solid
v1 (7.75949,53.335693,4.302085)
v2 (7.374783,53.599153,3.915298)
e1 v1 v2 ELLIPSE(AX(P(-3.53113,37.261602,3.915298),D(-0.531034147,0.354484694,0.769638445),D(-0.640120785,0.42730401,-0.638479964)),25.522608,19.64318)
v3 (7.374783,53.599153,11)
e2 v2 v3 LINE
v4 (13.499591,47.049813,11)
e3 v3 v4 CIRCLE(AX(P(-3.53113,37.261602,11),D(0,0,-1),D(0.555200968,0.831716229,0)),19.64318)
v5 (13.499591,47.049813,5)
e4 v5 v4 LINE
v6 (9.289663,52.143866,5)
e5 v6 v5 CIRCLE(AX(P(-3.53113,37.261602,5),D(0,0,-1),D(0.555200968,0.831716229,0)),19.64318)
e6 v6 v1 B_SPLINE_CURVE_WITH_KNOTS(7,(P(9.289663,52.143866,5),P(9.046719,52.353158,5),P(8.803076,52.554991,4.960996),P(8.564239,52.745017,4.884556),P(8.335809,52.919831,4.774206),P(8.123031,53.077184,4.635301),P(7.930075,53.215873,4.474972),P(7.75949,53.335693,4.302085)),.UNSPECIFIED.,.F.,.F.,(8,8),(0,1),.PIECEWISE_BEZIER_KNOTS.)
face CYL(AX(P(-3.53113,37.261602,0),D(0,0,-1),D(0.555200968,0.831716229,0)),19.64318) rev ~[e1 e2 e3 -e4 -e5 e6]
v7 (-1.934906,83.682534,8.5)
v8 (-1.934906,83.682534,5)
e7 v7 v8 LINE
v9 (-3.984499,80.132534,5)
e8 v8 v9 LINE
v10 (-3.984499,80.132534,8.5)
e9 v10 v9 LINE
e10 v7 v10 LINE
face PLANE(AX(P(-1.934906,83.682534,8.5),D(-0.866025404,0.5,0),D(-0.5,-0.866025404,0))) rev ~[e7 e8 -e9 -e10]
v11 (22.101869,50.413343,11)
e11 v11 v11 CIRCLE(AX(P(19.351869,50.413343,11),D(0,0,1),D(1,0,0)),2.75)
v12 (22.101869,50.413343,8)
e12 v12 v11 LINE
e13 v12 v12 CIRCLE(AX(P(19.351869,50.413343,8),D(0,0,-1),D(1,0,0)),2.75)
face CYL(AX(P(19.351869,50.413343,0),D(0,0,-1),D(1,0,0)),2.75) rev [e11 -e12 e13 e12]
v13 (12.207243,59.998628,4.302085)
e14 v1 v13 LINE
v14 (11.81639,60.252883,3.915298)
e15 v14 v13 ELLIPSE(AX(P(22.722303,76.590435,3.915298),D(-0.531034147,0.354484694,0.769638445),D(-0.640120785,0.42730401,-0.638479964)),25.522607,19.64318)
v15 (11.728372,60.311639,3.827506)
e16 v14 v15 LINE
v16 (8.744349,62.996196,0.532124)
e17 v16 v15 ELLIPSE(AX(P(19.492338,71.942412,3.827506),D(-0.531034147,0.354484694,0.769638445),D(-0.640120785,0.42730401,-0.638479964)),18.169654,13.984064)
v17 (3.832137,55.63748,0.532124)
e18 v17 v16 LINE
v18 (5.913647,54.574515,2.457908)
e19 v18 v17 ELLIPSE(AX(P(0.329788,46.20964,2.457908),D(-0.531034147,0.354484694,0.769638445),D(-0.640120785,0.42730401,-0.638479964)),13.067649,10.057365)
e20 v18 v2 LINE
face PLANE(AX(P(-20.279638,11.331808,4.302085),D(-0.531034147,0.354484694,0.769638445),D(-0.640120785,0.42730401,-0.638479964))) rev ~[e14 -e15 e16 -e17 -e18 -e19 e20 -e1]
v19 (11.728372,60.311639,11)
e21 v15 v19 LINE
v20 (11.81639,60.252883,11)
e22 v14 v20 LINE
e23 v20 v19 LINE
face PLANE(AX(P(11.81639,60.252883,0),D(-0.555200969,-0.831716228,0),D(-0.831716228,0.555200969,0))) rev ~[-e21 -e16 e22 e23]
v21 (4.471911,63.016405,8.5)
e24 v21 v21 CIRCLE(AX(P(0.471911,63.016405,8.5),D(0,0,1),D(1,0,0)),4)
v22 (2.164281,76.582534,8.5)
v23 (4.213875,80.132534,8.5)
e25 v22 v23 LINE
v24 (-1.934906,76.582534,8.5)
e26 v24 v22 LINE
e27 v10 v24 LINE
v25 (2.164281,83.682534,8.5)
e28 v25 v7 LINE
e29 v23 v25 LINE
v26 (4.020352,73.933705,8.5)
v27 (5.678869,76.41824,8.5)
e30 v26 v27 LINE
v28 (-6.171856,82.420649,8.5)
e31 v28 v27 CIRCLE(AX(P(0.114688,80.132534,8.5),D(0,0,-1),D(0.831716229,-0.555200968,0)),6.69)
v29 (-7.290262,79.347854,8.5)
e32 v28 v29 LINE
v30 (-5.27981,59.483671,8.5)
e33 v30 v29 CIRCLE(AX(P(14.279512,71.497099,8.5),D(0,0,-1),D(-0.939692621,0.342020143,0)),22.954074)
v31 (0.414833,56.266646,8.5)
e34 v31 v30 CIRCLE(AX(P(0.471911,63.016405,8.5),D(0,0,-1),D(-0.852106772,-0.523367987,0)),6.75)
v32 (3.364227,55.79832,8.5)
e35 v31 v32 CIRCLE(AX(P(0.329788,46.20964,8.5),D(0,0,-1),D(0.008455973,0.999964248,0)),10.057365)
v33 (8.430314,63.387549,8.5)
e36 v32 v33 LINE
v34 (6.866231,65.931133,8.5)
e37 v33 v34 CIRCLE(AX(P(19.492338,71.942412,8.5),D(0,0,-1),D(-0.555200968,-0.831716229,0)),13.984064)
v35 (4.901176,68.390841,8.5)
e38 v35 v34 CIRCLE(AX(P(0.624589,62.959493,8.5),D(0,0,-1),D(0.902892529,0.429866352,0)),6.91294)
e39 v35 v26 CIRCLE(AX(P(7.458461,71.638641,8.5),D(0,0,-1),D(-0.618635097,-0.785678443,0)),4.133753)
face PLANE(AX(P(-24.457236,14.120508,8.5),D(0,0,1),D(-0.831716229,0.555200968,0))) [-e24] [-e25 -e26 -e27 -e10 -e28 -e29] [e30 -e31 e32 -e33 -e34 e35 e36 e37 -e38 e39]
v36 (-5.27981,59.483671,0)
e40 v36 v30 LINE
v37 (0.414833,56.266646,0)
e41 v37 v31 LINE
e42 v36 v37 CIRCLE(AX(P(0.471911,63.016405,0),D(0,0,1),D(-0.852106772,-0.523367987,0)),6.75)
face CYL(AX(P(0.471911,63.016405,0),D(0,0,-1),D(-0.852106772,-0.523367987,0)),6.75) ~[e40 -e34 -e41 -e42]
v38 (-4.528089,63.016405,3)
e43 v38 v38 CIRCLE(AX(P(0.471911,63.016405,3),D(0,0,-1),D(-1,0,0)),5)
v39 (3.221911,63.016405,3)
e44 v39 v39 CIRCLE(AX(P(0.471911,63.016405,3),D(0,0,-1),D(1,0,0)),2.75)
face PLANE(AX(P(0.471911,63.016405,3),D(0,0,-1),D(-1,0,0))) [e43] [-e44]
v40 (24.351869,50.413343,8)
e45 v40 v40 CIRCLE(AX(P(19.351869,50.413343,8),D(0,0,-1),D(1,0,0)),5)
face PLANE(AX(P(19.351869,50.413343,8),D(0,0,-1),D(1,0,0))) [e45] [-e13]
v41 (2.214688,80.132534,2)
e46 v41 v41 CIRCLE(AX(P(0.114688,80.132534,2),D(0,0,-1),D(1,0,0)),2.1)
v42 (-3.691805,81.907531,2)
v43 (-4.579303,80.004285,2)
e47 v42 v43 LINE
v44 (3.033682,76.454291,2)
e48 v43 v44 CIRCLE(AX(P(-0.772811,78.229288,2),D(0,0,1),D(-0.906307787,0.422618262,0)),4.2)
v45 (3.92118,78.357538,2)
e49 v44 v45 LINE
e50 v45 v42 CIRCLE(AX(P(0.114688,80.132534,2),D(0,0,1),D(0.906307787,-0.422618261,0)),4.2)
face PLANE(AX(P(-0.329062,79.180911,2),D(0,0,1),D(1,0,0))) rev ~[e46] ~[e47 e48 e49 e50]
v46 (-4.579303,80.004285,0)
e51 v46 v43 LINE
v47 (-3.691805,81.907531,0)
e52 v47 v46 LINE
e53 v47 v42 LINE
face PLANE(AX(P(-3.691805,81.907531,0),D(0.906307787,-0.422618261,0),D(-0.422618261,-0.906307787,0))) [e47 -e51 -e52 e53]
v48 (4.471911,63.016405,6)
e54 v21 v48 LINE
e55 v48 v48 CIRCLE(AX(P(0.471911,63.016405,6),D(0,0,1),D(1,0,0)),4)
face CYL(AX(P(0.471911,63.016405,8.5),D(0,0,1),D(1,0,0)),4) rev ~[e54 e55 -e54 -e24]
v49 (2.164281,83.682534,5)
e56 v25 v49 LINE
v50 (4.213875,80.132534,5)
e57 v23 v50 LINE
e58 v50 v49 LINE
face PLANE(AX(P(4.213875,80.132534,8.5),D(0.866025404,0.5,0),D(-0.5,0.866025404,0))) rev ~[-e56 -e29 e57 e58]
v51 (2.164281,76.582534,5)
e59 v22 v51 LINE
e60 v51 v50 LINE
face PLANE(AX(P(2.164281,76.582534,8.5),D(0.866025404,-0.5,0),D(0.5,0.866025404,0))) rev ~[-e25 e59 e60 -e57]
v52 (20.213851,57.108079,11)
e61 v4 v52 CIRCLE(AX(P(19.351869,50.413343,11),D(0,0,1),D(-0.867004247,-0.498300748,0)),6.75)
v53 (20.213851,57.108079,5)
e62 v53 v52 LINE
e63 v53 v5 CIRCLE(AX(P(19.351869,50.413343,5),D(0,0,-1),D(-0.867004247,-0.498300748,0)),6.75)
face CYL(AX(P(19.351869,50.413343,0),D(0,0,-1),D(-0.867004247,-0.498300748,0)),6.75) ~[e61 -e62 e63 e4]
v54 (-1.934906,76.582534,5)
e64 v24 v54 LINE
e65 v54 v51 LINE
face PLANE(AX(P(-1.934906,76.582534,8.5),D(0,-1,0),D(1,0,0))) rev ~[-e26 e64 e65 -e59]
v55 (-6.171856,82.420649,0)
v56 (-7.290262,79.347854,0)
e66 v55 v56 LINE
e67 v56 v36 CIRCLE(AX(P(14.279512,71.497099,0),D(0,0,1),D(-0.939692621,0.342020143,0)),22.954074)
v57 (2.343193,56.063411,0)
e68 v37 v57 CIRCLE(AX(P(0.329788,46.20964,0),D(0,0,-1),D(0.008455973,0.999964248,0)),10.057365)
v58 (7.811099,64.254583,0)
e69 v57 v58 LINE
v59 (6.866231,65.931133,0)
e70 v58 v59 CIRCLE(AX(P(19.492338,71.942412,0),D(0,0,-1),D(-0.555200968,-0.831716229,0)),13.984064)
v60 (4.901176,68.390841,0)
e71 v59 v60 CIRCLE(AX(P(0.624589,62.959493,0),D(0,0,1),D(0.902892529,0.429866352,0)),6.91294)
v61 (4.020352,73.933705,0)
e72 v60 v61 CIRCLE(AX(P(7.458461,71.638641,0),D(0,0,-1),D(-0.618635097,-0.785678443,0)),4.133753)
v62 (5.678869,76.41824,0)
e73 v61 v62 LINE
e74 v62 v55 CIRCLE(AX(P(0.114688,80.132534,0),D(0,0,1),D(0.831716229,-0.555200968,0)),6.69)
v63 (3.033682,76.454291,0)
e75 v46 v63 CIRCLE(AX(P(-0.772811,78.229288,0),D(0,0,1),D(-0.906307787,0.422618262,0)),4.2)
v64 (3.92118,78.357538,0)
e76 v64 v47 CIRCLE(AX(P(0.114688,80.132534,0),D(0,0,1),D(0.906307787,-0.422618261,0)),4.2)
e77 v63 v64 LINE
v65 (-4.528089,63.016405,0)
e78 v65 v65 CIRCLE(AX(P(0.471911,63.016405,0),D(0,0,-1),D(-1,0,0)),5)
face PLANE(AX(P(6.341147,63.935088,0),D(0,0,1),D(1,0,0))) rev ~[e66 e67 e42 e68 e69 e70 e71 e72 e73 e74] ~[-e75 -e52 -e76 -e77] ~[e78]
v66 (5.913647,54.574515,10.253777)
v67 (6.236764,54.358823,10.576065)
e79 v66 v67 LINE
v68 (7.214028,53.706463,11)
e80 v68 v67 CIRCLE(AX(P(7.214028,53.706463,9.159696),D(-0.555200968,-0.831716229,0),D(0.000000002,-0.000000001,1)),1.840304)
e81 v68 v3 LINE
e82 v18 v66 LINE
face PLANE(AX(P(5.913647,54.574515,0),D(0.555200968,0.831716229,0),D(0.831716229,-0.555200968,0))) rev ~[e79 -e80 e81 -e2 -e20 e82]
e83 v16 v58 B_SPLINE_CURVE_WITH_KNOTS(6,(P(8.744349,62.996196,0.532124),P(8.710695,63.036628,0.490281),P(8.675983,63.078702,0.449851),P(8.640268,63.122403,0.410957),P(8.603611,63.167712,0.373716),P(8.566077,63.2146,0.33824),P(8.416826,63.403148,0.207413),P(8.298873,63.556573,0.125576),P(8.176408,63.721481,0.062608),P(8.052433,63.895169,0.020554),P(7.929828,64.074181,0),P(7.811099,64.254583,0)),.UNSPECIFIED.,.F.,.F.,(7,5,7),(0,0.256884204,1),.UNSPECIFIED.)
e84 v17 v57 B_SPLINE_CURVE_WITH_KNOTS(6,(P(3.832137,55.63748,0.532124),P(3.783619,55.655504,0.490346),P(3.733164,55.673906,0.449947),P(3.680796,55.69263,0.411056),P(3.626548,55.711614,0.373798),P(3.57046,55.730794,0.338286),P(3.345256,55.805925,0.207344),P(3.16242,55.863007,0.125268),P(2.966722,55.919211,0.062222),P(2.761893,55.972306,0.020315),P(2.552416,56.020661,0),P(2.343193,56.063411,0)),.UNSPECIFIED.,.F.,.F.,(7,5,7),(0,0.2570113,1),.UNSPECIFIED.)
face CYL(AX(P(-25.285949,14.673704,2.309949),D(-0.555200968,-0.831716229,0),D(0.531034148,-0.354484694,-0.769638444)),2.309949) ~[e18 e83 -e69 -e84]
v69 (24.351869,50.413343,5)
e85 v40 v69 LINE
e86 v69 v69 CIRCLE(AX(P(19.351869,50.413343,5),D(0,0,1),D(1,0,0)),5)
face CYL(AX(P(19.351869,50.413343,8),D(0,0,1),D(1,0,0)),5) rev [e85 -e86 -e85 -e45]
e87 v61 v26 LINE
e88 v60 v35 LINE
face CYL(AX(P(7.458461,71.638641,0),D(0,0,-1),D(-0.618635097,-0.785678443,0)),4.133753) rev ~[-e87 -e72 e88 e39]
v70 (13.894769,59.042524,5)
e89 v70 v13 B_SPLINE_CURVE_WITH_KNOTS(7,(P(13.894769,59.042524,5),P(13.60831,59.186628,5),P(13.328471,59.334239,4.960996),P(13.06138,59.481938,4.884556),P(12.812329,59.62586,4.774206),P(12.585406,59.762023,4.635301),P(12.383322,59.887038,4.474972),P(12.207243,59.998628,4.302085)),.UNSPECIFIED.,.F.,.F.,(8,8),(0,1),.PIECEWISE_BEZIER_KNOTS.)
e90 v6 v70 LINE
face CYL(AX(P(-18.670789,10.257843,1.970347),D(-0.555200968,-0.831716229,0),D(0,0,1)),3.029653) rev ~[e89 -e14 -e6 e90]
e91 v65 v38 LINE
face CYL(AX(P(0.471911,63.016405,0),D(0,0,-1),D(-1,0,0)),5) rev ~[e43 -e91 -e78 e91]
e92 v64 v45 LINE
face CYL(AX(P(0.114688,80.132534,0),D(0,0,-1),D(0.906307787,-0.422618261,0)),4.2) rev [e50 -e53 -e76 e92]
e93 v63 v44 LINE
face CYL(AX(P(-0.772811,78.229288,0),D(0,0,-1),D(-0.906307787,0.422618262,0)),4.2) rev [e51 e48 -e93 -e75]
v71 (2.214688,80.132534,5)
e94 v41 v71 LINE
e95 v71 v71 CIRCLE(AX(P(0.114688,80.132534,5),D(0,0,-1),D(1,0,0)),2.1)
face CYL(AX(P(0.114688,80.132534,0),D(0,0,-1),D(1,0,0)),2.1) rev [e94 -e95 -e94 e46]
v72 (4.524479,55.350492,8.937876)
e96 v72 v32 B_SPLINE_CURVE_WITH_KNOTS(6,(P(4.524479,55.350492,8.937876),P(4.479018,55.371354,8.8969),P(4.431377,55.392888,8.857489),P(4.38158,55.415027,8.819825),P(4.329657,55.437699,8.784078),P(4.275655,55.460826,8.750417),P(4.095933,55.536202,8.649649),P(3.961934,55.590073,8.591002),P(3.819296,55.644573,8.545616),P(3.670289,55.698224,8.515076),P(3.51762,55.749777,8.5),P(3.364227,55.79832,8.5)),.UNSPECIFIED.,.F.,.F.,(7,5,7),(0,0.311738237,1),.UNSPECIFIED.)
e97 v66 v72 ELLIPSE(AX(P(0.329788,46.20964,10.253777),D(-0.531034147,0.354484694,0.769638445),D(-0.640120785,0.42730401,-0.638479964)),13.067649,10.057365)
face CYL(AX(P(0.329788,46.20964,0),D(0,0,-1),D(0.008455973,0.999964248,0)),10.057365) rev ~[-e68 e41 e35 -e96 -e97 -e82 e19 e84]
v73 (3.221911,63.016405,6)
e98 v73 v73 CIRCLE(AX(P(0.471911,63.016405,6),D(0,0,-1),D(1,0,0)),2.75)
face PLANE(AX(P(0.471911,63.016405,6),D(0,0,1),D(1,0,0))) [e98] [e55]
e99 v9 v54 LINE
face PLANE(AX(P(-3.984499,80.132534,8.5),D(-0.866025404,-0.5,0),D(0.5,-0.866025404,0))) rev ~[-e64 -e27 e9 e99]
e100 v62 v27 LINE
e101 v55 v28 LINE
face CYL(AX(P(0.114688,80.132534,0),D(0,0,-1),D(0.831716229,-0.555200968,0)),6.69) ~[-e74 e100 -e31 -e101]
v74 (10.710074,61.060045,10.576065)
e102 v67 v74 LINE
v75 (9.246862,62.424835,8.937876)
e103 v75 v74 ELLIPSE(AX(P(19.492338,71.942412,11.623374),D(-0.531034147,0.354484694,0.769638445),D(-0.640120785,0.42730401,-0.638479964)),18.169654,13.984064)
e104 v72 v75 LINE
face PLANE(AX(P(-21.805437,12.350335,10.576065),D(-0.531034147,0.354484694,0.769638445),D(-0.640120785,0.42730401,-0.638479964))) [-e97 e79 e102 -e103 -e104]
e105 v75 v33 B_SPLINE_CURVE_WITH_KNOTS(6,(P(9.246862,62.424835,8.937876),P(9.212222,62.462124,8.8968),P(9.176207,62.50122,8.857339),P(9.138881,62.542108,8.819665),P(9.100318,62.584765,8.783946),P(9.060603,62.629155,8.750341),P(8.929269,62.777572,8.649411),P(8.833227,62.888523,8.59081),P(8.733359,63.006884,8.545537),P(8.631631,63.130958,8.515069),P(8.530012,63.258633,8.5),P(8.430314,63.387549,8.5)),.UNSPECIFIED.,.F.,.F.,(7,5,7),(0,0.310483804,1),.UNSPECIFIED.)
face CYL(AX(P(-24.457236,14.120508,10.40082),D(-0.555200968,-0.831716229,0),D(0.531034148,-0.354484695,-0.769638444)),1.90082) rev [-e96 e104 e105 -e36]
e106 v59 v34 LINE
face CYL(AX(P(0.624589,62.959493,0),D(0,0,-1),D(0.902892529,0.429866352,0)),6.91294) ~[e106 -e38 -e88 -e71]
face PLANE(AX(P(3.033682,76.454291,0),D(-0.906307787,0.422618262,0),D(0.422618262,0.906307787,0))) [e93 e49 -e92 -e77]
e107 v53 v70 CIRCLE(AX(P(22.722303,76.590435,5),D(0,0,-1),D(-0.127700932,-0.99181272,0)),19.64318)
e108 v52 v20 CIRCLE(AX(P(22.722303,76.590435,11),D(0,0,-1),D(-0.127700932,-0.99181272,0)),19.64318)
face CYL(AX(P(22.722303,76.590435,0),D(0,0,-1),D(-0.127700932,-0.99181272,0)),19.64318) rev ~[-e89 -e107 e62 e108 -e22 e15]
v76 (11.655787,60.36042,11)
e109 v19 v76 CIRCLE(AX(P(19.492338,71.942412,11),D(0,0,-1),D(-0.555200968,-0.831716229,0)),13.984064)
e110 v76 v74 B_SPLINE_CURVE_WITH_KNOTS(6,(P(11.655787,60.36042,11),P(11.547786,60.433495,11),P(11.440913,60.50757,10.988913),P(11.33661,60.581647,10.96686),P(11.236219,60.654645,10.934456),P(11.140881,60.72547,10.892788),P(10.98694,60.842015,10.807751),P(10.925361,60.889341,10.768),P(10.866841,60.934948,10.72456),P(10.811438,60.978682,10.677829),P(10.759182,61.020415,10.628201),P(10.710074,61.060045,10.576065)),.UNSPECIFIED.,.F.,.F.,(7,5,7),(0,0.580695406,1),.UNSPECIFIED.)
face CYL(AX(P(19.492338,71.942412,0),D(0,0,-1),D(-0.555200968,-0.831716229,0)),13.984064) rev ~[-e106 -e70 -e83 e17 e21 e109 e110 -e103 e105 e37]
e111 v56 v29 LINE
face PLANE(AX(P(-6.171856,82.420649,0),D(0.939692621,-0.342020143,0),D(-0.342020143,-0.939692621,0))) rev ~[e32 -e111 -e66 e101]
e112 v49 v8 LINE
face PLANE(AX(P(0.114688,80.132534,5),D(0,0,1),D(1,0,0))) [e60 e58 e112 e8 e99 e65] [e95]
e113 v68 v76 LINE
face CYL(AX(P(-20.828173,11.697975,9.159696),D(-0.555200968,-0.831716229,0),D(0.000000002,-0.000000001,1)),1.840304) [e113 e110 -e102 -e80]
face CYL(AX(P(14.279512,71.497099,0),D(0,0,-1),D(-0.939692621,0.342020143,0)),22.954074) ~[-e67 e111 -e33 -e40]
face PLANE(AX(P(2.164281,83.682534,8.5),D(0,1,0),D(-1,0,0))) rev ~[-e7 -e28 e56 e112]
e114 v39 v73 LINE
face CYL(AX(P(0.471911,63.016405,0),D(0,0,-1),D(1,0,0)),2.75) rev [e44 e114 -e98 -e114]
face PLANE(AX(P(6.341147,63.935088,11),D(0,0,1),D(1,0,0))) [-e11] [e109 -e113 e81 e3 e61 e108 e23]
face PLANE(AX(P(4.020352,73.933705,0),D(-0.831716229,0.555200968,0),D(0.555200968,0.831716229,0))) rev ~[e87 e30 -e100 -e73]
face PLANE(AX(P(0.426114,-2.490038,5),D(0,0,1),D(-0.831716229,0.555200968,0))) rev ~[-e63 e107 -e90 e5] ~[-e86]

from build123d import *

# Parameters (mm, degrees)
SKETCH3_R               = 2.75
SKETCH3_R_2             = 2.1
BOSS_EXTRUDE2_DEPTH     = 11
CUT_EXTRUDE3_DEPTH      = 58.508197856
CUT_EXTRUDE3_DEPTH_BACK = 58.508197856
CUT_EXTRUDE5_DEPTH      = 91.859562292
CUT_EXTRUDE5_DEPTH_BACK = 3
SKETCH9_R               = 5
SKETCH10_R              = 5
CUT_EXTRUDE6_DEPTH      = 3
SKETCH11_R              = 4
CUT_EXTRUDE7_DEPTH      = 2.5
CUT_EXTRUDE8_DEPTH      = 2
CUT_EXTRUDE9_DEPTH      = 3.5


with BuildPart() as part:
    # Sketch3 → Boss-Extrude2 (new body)
    with BuildSketch(Plane.XY):
        with BuildLine():
            Line((11.81639044, 60.252883085), (11.728372068, 60.311638564))
            ThreePointArc((11.728372068, 60.311638564), (8.917204522, 62.7925154), (6.866230988, 65.931132995))
            ThreePointArc((6.866230988, 65.931132995), (6.025591445, 67.274340702), (4.901176311, 68.390840765))
            ThreePointArc((4.901176311, 68.390840765), (3.375934297, 70.989881123), (4.020351516, 73.93370524))
            Line((4.020351516, 73.93370524), (5.678869184, 76.41823992))
            ThreePointArc((5.678869184, 76.41823992), (3.137547336, 86.100651278), (-6.171856019, 82.420649156))
            Line((-6.171856019, 82.420649156), (-7.290261888, 79.347854286))
            ThreePointArc((-7.290261888, 79.347854286), (-8.557893098, 69.185727028), (-5.279809822, 59.483671095))
            ThreePointArc((-5.279809822, 59.483671095), (-2.848156457, 57.139360441), (0.414833066, 56.266646336))
            ThreePointArc((0.414833066, 56.266646336), (3.287818882, 55.822166382), (5.91364728, 54.574514525))
            Line((5.91364728, 54.574514525), (7.374782695, 53.599153256))
            ThreePointArc((7.374782695, 53.599153256), (10.815902262, 50.678650143), (13.499590609, 47.049812979))
            ThreePointArc((13.499590609, 47.049812979), (24.965953819, 46.665736496), (20.21385057, 57.108078892))
            ThreePointArc((20.21385057, 57.108078892), (15.833272198, 58.194897845), (11.81639044, 60.252883085))
        make_face()
        with Locations((19.351869275, 50.413343031)):
            Circle(SKETCH3_R, mode=Mode.SUBTRACT)
        with Locations((0.471910886, 63.016405008)):
            Circle(SKETCH3_R, mode=Mode.SUBTRACT)
        with Locations((0.114687614, 80.132534397)):
            Circle(SKETCH3_R_2, mode=Mode.SUBTRACT)
    extrude(amount=BOSS_EXTRUDE2_DEPTH)

    # Sketch8 → Cut-Extrude3 (cut, two sides: drawn at the far end of the back side and taken through both)
    with BuildSketch(Plane(origin=(31.465333136, 47.136495989, 0), x_dir=(0.8317162286287604, -0.5552009681507695, 0), z_dir=(0.5552009681507695, 0.8317162286287604, 0)).offset(-CUT_EXTRUDE3_DEPTH_BACK)):
        with BuildLine():
            Line((-28.1811996, -8.5), (-53.409946657, -8.5))
            Line((-53.409946657, -8.5), (-53.409946657, -11))
            Line((-53.409946657, -11), (-23.817856355, -11))
            ThreePointArc((-23.817856355, -11), (-24.442424101, -10.890774833), (-24.99285353, -10.576064729))
            Line((-24.99285353, -10.576064729), (-26.967564109, -8.937875854))
            ThreePointArc((-26.967564109, -8.937875854), (-27.536093723, -8.612816901), (-28.1811996, -8.5))
        make_face()
        with BuildLine():
            Line((-29.17758863, 0), (1.736877707, 0))
            Line((1.736877707, 0), (1.736877707, -5))
            Line((1.736877707, -5), (-21.22396203, -5))
            ThreePointArc((-21.22396203, -5), (-22.252174442, -4.820184962), (-23.158334542, -4.302084505))
            Line((-23.158334542, -4.302084505), (-27.702732311, -0.532123504))
            ThreePointArc((-27.702732311, -0.532123504), (-28.393631267, -0.137099418), (-29.17758863, 0))
        make_face()
    extrude(amount=CUT_EXTRUDE3_DEPTH + CUT_EXTRUDE3_DEPTH_BACK, mode=Mode.SUBTRACT)

    # Sketch9 → Cut-Extrude5 (cut, two sides: drawn at the far end of the back side and taken through both)
    with BuildSketch(Plane(origin=(0, 0, 5), x_dir=(-1, 0, 0), z_dir=(0, 0, -1)).offset(-CUT_EXTRUDE5_DEPTH_BACK)):
        with Locations(Location((-19.351869275, 50.413343031, 0), (0, 0, 180))):
            Circle(SKETCH9_R)
    extrude(amount=CUT_EXTRUDE5_DEPTH + CUT_EXTRUDE5_DEPTH_BACK, mode=Mode.SUBTRACT)

    # Sketch10 → Cut-Extrude6 (cut)
    with BuildSketch(Plane(origin=(0, 0, 0), x_dir=(-1, 0, 0), z_dir=(0, 0, -1))):
        with Locations((-0.471910886, 63.016405008)):
            Circle(SKETCH10_R)
    extrude(amount=-CUT_EXTRUDE6_DEPTH, mode=Mode.SUBTRACT)

    # Sketch11 → Cut-Extrude7 (cut)
    with BuildSketch(Plane.XY.offset(8.5)):
        with Locations((0.471910886, 63.016405008)):
            Circle(SKETCH11_R)
    extrude(amount=-CUT_EXTRUDE7_DEPTH, mode=Mode.SUBTRACT)

    # Sketch12 → Cut-Extrude8 (cut)
    with BuildSketch(Plane(origin=(0, 0, 0), x_dir=(-1, 0, 0), z_dir=(0, 0, -1))):
        with BuildLine():
            Line((3.691805092, 81.907531096), (4.579303441, 80.004284743))
            ThreePointArc((4.579303441, 80.004284743), (2.547807435, 74.422795339), (-3.03368197, 76.454291345))
            Line((-3.03368197, 76.454291345), (-3.92118032, 78.357537698))
            ThreePointArc((-3.92118032, 78.357537698), (-1.889684313, 83.939027102), (3.691805092, 81.907531096))
        make_face()
    extrude(amount=-CUT_EXTRUDE8_DEPTH, mode=Mode.SUBTRACT)

    # Sketch7 → Cut-Extrude9 (cut)
    with BuildSketch(Plane.XY.offset(8.5)):
        Polygon((2.16428107, 76.582534397), (4.213874525, 80.132534397), (2.16428107, 83.682534397), (-1.934905842, 83.682534397), (-3.984499297, 80.132534397), (-1.934905842, 76.582534397), align=None)
    extrude(amount=-CUT_EXTRUDE9_DEPTH, mode=Mode.SUBTRACT)


solid = part.part
